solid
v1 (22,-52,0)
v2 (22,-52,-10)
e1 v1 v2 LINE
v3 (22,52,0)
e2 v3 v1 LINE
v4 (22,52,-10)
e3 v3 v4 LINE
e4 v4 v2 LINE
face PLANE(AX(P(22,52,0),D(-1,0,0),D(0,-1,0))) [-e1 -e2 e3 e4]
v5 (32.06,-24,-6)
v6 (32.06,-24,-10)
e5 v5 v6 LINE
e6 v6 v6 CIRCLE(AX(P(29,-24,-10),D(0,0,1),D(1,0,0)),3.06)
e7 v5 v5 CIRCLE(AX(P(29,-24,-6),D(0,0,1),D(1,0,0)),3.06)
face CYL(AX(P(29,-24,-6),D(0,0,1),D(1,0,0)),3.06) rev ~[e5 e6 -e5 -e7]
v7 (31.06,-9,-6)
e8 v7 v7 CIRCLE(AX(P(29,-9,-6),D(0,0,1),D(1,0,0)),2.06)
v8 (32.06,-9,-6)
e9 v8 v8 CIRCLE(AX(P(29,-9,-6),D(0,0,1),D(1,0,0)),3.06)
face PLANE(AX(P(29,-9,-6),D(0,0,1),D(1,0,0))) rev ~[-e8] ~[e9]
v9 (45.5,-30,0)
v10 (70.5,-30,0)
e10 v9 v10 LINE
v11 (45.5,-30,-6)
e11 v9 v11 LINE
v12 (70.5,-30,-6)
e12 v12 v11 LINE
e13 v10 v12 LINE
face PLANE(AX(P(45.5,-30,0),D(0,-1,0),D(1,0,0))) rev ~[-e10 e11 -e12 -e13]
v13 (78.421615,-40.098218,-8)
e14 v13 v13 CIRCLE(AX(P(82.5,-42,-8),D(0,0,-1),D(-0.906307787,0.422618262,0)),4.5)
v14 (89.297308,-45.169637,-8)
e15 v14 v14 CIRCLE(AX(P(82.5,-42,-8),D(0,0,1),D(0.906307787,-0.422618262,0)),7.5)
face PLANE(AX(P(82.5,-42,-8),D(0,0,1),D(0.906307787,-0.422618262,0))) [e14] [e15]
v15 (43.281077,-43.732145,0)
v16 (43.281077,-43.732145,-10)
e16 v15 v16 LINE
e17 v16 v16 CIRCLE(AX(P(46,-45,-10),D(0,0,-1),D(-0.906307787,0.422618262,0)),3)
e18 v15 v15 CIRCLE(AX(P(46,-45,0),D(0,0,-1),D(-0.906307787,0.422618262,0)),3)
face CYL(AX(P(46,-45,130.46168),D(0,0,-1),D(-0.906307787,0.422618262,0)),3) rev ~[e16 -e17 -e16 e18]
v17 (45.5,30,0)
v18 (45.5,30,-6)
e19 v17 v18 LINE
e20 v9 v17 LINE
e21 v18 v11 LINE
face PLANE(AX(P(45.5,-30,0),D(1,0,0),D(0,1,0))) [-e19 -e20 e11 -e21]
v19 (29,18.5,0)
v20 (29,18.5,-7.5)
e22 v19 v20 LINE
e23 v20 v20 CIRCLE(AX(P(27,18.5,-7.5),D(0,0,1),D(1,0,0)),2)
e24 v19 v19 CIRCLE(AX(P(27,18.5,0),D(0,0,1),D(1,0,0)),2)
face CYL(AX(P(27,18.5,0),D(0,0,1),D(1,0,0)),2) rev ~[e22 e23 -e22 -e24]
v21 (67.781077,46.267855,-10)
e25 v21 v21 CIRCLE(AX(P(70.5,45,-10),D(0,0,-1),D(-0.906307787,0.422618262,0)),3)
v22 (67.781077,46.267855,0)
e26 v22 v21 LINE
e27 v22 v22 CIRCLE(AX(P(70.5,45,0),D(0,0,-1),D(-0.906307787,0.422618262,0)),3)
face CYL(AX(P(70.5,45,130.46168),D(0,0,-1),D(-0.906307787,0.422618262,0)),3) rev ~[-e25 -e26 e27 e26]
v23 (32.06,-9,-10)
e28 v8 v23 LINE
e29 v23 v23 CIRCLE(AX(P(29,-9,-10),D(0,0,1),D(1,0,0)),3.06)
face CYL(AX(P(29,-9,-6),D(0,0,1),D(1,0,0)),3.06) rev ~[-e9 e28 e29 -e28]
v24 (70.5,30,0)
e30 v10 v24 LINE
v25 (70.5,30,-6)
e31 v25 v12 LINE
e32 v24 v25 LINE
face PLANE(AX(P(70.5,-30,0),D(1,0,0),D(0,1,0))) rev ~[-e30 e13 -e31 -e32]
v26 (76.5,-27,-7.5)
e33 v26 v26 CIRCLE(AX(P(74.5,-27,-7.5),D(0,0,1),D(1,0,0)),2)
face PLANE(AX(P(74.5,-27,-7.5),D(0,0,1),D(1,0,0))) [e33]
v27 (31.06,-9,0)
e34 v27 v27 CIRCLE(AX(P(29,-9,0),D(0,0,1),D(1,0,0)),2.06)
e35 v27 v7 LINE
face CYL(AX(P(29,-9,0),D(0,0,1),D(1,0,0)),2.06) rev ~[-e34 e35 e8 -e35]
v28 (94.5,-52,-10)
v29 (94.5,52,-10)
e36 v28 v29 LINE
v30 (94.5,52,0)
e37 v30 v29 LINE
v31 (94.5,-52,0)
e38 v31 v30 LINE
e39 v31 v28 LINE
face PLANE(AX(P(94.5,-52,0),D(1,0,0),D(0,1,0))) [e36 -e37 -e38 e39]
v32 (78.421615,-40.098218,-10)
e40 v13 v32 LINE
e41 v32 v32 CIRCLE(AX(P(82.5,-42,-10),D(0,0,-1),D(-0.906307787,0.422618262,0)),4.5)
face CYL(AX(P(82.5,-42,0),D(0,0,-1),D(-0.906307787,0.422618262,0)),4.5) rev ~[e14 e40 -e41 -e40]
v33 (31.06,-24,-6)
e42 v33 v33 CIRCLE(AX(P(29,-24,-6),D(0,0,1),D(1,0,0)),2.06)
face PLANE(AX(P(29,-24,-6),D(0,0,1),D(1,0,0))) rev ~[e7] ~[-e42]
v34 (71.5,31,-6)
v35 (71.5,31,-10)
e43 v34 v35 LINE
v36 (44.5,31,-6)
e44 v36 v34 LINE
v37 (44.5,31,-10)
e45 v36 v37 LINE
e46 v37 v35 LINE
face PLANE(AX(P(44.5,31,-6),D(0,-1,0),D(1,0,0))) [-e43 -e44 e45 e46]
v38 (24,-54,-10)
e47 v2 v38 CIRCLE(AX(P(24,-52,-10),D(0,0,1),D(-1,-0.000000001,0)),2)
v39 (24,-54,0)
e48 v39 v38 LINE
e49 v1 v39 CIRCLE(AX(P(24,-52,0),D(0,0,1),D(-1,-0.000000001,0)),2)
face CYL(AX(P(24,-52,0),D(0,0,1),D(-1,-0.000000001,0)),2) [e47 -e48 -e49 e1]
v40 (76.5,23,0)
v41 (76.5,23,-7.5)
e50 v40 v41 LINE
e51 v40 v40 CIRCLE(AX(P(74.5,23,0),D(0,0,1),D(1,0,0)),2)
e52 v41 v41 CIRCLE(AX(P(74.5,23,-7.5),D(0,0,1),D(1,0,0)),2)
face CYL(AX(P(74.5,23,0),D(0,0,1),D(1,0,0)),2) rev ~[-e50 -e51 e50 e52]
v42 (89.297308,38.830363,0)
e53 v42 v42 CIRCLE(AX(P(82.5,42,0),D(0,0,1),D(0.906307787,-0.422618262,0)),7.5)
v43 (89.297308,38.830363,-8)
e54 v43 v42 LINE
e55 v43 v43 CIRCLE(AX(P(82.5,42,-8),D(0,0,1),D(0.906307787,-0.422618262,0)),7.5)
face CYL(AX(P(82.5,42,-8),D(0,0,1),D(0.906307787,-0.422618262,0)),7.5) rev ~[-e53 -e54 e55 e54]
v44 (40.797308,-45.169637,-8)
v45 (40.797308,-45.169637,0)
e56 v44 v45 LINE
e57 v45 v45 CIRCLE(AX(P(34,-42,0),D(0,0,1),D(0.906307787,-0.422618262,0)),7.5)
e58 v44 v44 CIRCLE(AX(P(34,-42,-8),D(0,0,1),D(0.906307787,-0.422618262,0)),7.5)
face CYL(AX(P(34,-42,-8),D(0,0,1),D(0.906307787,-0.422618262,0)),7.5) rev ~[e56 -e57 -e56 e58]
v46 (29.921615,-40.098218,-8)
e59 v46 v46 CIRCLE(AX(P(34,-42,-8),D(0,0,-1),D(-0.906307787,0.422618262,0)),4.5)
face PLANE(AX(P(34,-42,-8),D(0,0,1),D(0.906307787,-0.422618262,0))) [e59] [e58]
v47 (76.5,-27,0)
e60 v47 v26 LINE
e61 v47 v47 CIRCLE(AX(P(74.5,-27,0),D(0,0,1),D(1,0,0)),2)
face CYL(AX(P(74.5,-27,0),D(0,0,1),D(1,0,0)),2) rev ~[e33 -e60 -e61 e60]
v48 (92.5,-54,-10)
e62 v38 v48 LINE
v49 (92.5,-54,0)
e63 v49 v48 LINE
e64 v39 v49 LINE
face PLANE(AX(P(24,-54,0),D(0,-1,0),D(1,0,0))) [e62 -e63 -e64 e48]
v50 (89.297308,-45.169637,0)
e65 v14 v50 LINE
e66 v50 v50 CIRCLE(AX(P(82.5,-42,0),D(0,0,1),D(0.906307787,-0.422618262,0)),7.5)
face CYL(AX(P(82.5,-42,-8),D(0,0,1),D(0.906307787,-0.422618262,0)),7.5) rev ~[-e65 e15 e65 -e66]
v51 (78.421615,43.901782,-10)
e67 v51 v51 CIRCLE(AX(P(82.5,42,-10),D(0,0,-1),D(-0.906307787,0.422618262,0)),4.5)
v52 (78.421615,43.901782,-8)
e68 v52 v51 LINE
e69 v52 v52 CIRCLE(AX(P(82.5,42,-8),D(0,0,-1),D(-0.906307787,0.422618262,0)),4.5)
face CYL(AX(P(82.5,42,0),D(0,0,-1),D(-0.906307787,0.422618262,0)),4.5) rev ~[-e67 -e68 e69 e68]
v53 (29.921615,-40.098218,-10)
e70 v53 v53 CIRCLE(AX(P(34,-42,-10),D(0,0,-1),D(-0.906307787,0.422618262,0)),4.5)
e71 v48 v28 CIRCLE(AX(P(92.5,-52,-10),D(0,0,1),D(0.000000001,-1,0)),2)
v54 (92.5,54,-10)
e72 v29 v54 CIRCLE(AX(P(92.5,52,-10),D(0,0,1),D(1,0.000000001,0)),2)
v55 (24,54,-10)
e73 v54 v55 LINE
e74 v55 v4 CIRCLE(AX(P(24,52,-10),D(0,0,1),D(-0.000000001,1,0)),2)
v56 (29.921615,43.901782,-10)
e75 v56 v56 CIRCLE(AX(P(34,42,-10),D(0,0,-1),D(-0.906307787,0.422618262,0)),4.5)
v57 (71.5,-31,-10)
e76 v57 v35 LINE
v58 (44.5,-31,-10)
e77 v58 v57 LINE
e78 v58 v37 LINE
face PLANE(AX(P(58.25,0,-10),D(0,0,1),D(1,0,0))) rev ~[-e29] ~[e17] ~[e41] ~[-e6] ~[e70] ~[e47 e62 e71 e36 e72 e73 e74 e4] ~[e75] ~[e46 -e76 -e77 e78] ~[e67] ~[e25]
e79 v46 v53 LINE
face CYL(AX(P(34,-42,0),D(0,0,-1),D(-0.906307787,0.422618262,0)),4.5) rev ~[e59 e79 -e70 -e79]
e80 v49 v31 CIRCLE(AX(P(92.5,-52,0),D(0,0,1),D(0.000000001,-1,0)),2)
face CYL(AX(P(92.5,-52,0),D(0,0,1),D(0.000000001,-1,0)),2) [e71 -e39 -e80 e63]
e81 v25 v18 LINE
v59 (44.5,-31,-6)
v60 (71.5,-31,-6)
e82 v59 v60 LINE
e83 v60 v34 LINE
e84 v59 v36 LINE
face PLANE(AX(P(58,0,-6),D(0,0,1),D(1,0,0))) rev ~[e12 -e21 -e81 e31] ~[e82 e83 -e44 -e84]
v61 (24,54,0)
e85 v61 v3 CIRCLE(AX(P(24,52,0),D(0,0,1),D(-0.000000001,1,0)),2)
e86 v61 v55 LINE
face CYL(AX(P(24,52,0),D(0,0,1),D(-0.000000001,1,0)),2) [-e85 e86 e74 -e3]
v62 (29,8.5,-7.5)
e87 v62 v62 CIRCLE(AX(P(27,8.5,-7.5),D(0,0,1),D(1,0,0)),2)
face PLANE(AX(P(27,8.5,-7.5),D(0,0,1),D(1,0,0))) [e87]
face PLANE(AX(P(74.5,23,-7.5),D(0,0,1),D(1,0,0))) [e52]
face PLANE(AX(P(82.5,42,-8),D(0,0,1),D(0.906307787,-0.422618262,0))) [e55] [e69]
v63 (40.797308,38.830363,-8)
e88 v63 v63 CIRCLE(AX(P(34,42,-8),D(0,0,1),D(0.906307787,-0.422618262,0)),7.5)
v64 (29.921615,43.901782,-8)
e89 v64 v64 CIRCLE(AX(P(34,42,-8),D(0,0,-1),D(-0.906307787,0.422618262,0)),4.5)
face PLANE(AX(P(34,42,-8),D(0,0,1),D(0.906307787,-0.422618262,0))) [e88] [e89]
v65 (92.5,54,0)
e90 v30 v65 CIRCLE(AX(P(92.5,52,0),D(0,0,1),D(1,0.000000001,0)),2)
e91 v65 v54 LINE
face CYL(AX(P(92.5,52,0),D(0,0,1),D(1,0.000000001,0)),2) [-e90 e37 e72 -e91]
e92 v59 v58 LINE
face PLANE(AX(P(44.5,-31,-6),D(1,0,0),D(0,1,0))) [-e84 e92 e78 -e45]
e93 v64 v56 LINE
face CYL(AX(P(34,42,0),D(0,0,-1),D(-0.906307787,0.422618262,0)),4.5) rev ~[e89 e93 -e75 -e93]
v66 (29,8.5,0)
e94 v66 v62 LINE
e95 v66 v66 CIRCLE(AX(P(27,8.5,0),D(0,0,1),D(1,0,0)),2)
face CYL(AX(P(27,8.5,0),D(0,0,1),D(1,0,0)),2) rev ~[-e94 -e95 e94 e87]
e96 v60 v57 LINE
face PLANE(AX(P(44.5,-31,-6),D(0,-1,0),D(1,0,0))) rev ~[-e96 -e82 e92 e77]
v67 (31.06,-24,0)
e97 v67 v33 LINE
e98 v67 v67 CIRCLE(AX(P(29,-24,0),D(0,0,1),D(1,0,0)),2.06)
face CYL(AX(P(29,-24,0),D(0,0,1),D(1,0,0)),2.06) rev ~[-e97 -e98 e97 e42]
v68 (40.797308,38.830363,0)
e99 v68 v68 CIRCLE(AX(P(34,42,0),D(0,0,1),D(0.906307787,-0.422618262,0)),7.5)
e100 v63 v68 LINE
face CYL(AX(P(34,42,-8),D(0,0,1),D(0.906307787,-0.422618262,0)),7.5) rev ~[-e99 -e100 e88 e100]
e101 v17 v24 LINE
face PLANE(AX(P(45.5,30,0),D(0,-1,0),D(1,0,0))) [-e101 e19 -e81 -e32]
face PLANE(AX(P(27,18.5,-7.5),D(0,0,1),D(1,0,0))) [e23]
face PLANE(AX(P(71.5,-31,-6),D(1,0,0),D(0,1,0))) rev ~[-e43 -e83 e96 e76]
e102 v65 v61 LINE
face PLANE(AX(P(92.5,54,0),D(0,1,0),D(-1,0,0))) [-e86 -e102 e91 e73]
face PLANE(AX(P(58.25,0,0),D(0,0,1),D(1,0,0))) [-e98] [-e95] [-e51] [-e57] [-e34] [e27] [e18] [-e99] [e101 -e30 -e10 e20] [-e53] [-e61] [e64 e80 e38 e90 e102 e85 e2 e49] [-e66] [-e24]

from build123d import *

# Parameters (mm, degrees)
SKETCH1_R                       = 2.06
SKETCH1_W                       = 25
SKETCH1_H                       = 60
BOSS_EXTRUDE1_DEPTH             = 10
CUT_EXTRUDE1_START              = -6
SKETCH2_R                       = 3.06
SKETCH2_W                       = 27
SKETCH2_H                       = 62
CUT_EXTRUDE1_DEPTH              = 4
SKETCH3_R                       = 2
CUT_EXTRUDE2_DEPTH              = 7.5
CBORE_FOR_M8_SHCS1_D            = 9
CBORE_FOR_M8_SHCS1_CBORE_D      = 15
CBORE_FOR_M8_SHCS1_CBORE_DEPTH  = 8
F_6_0MM_CLEARANCE_DOWEL_HOLE1_D = 6


with BuildPart() as part:
    # Sketch1 → Boss-Extrude1 (new body)
    with BuildSketch(Plane.XY):
        with BuildLine():
            Line((22, 52), (22, -52))
            ThreePointArc((22, -52), (22.585786438, -53.414213562), (24, -54))
            Line((24, -54), (36, -54))
            Line((36, -54), (92.5, -54))
            ThreePointArc((92.5, -54), (93.914213562, -53.414213562), (94.5, -52))
            Line((94.5, -52), (94.5, 52))
            ThreePointArc((94.5, 52), (93.914213562, 53.414213562), (92.5, 54))
            Line((92.5, 54), (24, 54))
            ThreePointArc((24, 54), (22.585786438, 53.414213562), (22, 52))
        make_face()
        with Locations((29, -24)):
            Circle(SKETCH1_R, mode=Mode.SUBTRACT)
        with Locations((29, -9)):
            Circle(SKETCH1_R, mode=Mode.SUBTRACT)
        with Locations((58, 0)):
            Rectangle(SKETCH1_W, SKETCH1_H, mode=Mode.SUBTRACT)
    extrude(amount=-BOSS_EXTRUDE1_DEPTH)

    # Sketch2 → Cut-Extrude1 (cut)
    with BuildSketch(Plane.XY.offset(CUT_EXTRUDE1_START)):
        with Locations((29, -9)):
            Circle(SKETCH2_R)
        with Locations((29, -24)):
            Circle(SKETCH2_R)
        with Locations((58, 0)):
            Rectangle(SKETCH2_W, SKETCH2_H)
    extrude(amount=-CUT_EXTRUDE1_DEPTH, mode=Mode.SUBTRACT)

    # Sketch3 → Cut-Extrude2 (cut)
    with BuildSketch(Plane.XY):
        with Locations((27, 8.5)):
            Circle(SKETCH3_R)
        with Locations((27, 18.5)):
            Circle(SKETCH3_R)
        with Locations((74.5, 23)):
            Circle(SKETCH3_R)
        with Locations((74.5, -27)):
            Circle(SKETCH3_R)
    extrude(amount=-CUT_EXTRUDE2_DEPTH, mode=Mode.SUBTRACT)

    # CBORE for M8 SHCS1 (through all)
    with Locations(Plane(origin=(0, 0, 0), x_dir=(0.9063077870366375, -0.4226182617407263, 0), z_dir=(0, 0, 1))):
        with Locations((57.020425437, 72.930933649), (13.064497766, 52.433947955), (48.564431752, -23.695906156), (92.520359424, -3.198920462)):
            CounterBoreHole(CBORE_FOR_M8_SHCS1_D / 2, CBORE_FOR_M8_SHCS1_CBORE_D / 2, CBORE_FOR_M8_SHCS1_CBORE_DEPTH)

    # Ø6.0mm Clearance Dowel Hole1 (through all)
    with Locations(Plane(origin=(0, 0, 0), x_dir=(0.9063077870366375, -0.4226182617407263, 0), z_dir=(0, 0, 1))):
        with Locations((44.876877208, 70.578437869), (60.707979982, -21.343410377)):
            Hole(F_6_0MM_CLEARANCE_DOWEL_HOLE1_D / 2)


solid = part.part
